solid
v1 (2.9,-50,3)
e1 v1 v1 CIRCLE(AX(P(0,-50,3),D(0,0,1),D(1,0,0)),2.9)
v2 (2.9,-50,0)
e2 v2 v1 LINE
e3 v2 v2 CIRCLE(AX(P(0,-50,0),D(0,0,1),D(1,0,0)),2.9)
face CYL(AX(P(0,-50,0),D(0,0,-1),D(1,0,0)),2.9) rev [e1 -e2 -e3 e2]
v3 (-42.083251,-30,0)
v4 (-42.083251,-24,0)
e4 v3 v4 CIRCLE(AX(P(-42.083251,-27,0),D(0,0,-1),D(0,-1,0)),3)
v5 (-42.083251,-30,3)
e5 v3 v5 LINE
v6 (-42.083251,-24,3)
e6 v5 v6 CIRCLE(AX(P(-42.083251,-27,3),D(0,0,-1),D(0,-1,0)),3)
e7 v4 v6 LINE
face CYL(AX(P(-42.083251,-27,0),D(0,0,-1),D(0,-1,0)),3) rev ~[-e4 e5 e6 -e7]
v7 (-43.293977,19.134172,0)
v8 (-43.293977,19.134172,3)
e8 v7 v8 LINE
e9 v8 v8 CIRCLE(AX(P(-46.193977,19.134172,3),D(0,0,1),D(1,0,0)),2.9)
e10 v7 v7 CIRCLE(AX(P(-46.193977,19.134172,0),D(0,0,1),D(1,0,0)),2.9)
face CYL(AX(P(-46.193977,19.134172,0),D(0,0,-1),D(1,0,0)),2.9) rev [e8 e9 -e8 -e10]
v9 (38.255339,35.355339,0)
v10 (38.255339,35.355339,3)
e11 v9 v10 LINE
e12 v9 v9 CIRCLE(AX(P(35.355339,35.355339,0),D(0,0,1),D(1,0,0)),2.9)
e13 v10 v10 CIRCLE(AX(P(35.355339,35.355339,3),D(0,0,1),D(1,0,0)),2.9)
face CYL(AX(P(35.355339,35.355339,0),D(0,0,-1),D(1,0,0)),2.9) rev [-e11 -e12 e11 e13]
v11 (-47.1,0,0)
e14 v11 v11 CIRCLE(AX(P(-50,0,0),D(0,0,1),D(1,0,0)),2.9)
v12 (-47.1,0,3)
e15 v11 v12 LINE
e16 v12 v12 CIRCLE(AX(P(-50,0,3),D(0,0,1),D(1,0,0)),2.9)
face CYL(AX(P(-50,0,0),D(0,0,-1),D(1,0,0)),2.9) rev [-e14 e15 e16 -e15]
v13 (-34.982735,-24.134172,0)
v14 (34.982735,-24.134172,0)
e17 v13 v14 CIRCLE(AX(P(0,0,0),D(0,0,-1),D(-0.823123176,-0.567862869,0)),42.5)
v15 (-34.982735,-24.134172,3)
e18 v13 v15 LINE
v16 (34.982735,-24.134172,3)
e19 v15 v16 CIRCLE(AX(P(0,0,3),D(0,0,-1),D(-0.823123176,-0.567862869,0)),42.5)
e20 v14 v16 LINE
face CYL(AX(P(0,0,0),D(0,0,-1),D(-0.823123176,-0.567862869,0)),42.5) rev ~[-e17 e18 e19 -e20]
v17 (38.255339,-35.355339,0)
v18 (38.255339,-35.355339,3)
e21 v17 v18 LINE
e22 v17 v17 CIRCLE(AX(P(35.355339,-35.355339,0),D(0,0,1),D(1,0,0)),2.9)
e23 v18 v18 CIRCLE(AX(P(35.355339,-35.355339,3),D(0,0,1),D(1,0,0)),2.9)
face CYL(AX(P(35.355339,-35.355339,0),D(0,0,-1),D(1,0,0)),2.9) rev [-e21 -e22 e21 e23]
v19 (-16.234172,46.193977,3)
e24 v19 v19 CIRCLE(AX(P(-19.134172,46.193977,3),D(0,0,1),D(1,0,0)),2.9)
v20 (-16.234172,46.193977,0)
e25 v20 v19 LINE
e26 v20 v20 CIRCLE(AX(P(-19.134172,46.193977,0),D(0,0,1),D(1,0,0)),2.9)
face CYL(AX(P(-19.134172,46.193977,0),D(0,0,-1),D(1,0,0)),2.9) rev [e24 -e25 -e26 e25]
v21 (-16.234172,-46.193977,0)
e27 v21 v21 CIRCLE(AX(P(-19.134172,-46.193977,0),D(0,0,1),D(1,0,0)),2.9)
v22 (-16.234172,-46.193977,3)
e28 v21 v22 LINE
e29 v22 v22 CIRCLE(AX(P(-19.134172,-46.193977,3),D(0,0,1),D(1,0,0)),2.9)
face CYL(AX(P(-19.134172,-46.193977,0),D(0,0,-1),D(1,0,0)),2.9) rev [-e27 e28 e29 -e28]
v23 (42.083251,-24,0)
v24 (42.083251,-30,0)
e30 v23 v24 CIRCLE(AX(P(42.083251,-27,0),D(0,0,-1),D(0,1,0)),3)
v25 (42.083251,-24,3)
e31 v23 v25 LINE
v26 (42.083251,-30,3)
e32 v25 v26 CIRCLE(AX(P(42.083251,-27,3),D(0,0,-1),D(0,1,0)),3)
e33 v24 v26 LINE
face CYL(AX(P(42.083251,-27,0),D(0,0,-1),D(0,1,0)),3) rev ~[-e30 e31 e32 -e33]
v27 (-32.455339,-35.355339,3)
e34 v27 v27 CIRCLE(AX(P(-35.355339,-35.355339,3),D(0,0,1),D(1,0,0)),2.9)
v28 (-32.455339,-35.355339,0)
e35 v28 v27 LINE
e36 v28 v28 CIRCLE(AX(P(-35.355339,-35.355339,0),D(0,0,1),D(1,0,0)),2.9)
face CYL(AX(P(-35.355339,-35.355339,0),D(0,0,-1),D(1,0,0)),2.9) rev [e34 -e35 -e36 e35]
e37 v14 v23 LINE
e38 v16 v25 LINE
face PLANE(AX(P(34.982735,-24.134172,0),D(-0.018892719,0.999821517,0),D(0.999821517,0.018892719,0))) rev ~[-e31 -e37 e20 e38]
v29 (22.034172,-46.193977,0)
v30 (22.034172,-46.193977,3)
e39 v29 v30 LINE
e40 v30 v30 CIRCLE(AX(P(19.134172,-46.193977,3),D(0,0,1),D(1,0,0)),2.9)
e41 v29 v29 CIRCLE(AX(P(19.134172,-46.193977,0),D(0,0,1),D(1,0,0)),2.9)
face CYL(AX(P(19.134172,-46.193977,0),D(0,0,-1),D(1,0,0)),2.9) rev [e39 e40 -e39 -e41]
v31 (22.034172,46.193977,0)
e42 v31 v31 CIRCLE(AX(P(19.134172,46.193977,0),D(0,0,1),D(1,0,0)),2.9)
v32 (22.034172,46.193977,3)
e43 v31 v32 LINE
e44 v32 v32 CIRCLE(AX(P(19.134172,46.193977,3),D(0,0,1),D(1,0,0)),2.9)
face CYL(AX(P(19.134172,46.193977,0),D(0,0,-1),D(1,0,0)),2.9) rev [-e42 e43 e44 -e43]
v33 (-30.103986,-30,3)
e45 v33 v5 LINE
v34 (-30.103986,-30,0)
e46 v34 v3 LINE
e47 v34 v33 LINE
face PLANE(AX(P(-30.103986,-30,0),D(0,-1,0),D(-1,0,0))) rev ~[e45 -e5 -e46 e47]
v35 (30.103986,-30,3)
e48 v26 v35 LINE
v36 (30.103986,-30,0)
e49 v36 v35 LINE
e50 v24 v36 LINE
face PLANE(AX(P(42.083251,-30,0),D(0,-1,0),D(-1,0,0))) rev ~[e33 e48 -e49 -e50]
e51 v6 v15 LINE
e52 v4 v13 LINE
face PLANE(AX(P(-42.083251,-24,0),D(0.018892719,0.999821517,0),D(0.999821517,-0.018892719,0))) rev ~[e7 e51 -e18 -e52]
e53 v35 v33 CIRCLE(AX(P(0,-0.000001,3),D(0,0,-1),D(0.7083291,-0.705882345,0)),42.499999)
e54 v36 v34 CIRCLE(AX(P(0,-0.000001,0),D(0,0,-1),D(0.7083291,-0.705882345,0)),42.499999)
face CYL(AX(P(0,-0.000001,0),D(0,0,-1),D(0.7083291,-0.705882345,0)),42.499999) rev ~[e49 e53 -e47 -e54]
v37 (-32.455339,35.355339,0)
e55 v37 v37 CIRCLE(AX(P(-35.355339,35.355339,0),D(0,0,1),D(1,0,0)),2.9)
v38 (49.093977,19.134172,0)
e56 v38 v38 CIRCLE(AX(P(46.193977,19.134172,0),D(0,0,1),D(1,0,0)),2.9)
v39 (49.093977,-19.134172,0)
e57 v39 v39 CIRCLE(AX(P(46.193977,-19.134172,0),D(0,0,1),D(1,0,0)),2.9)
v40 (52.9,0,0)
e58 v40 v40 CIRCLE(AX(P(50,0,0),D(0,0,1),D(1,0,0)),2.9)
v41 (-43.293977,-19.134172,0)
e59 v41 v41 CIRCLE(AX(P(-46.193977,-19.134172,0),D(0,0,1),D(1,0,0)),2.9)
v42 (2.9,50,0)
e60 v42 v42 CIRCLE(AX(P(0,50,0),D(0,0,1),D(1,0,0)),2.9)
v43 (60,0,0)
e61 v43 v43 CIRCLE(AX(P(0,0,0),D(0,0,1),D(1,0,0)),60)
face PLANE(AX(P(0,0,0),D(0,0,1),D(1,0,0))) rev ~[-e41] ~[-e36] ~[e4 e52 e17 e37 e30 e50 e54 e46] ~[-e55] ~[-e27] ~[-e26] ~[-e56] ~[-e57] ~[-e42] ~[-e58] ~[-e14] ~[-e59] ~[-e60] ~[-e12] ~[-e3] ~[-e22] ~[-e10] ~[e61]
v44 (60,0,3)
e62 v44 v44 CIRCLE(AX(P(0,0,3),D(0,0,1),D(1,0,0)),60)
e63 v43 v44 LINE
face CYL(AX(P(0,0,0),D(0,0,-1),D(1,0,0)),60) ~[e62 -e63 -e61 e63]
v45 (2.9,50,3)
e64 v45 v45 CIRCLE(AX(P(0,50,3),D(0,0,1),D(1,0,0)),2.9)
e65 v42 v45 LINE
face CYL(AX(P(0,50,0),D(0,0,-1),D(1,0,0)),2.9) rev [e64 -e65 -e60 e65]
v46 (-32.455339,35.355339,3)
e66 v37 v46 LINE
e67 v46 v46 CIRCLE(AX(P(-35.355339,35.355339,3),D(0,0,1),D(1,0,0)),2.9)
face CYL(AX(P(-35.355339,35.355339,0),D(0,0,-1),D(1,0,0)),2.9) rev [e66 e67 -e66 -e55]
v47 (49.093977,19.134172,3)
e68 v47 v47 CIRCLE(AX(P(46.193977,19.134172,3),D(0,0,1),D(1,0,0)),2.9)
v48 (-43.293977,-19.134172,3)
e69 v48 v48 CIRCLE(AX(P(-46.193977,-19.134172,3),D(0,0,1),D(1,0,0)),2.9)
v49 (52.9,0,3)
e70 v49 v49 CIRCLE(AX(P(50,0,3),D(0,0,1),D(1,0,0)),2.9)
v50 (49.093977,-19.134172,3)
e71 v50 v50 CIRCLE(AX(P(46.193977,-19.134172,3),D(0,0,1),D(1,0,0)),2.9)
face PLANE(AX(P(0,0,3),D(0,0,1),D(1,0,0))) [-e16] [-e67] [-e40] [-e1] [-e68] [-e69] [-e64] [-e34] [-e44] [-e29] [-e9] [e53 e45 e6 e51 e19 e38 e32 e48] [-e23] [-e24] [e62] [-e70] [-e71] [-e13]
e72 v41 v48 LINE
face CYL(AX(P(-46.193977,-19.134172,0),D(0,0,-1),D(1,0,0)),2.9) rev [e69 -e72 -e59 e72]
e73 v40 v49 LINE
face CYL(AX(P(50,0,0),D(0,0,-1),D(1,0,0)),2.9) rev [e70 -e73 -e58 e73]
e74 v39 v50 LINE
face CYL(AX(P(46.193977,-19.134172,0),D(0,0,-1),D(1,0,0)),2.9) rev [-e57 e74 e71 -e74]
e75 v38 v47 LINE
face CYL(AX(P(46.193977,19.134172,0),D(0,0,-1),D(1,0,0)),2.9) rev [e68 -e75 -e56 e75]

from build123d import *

# Parameters (mm, degrees)
F0_R     = 60
F0_R_2   = 2.9
F1_DEPTH = 3


with BuildPart() as f1:
    # F0 (on Top) → F1 (new body)
    with BuildSketch(Plane.XY):
        Circle(F0_R)
        with Locations((-35.355339, -35.355339)):
            Circle(F0_R_2, mode=Mode.SUBTRACT)
        with Locations((-19.134172, -46.193977)):
            Circle(F0_R_2, mode=Mode.SUBTRACT)
        with Locations((-46.193977, -19.134172)):
            Circle(F0_R_2, mode=Mode.SUBTRACT)
        with Locations((0, -50)):
            Circle(F0_R_2, mode=Mode.SUBTRACT)
        with Locations((19.134172, -46.193977)):
            Circle(F0_R_2, mode=Mode.SUBTRACT)
        with Locations((35.355339, -35.355339)):
            Circle(F0_R_2, mode=Mode.SUBTRACT)
        with Locations((46.193977, -19.134172)):
            Circle(F0_R_2, mode=Mode.SUBTRACT)
        with Locations((-50, 0)):
            Circle(F0_R_2, mode=Mode.SUBTRACT)
        with Locations((-46.193977, 19.134172)):
            Circle(F0_R_2, mode=Mode.SUBTRACT)
        with Locations((-35.355339, 35.355339)):
            Circle(F0_R_2, mode=Mode.SUBTRACT)
        with Locations((-19.134172, 46.193977)):
            Circle(F0_R_2, mode=Mode.SUBTRACT)
        with BuildLine():
            ThreePointArc((-34.982735, -24.134172), (0, 42.5), (34.982735, -24.134172))
            Line((34.982735, -24.134172), (42.083251, -24))
            ThreePointArc((42.083251, -24), (45.083251, -27), (42.083251, -30))
            Line((42.083251, -30), (30.103986, -30))
            ThreePointArc((30.103986, -30), (0, -42.5), (-30.103986, -30))
            Line((-30.103986, -30), (-42.083251, -30))
            ThreePointArc((-42.083251, -30), (-45.083251, -27), (-42.083251, -24))
            Line((-42.083251, -24), (-34.982735, -24.134172))
        make_face(mode=Mode.SUBTRACT)
        with Locations((50, 0)):
            Circle(F0_R_2, mode=Mode.SUBTRACT)
        with Locations((46.193977, 19.134172)):
            Circle(F0_R_2, mode=Mode.SUBTRACT)
        with Locations((0, 50)):
            Circle(F0_R_2, mode=Mode.SUBTRACT)
        with Locations((19.134172, 46.193977)):
            Circle(F0_R_2, mode=Mode.SUBTRACT)
        with Locations((35.355339, 35.355339)):
            Circle(F0_R_2, mode=Mode.SUBTRACT)
    extrude(amount=F1_DEPTH)


solid = f1.part
